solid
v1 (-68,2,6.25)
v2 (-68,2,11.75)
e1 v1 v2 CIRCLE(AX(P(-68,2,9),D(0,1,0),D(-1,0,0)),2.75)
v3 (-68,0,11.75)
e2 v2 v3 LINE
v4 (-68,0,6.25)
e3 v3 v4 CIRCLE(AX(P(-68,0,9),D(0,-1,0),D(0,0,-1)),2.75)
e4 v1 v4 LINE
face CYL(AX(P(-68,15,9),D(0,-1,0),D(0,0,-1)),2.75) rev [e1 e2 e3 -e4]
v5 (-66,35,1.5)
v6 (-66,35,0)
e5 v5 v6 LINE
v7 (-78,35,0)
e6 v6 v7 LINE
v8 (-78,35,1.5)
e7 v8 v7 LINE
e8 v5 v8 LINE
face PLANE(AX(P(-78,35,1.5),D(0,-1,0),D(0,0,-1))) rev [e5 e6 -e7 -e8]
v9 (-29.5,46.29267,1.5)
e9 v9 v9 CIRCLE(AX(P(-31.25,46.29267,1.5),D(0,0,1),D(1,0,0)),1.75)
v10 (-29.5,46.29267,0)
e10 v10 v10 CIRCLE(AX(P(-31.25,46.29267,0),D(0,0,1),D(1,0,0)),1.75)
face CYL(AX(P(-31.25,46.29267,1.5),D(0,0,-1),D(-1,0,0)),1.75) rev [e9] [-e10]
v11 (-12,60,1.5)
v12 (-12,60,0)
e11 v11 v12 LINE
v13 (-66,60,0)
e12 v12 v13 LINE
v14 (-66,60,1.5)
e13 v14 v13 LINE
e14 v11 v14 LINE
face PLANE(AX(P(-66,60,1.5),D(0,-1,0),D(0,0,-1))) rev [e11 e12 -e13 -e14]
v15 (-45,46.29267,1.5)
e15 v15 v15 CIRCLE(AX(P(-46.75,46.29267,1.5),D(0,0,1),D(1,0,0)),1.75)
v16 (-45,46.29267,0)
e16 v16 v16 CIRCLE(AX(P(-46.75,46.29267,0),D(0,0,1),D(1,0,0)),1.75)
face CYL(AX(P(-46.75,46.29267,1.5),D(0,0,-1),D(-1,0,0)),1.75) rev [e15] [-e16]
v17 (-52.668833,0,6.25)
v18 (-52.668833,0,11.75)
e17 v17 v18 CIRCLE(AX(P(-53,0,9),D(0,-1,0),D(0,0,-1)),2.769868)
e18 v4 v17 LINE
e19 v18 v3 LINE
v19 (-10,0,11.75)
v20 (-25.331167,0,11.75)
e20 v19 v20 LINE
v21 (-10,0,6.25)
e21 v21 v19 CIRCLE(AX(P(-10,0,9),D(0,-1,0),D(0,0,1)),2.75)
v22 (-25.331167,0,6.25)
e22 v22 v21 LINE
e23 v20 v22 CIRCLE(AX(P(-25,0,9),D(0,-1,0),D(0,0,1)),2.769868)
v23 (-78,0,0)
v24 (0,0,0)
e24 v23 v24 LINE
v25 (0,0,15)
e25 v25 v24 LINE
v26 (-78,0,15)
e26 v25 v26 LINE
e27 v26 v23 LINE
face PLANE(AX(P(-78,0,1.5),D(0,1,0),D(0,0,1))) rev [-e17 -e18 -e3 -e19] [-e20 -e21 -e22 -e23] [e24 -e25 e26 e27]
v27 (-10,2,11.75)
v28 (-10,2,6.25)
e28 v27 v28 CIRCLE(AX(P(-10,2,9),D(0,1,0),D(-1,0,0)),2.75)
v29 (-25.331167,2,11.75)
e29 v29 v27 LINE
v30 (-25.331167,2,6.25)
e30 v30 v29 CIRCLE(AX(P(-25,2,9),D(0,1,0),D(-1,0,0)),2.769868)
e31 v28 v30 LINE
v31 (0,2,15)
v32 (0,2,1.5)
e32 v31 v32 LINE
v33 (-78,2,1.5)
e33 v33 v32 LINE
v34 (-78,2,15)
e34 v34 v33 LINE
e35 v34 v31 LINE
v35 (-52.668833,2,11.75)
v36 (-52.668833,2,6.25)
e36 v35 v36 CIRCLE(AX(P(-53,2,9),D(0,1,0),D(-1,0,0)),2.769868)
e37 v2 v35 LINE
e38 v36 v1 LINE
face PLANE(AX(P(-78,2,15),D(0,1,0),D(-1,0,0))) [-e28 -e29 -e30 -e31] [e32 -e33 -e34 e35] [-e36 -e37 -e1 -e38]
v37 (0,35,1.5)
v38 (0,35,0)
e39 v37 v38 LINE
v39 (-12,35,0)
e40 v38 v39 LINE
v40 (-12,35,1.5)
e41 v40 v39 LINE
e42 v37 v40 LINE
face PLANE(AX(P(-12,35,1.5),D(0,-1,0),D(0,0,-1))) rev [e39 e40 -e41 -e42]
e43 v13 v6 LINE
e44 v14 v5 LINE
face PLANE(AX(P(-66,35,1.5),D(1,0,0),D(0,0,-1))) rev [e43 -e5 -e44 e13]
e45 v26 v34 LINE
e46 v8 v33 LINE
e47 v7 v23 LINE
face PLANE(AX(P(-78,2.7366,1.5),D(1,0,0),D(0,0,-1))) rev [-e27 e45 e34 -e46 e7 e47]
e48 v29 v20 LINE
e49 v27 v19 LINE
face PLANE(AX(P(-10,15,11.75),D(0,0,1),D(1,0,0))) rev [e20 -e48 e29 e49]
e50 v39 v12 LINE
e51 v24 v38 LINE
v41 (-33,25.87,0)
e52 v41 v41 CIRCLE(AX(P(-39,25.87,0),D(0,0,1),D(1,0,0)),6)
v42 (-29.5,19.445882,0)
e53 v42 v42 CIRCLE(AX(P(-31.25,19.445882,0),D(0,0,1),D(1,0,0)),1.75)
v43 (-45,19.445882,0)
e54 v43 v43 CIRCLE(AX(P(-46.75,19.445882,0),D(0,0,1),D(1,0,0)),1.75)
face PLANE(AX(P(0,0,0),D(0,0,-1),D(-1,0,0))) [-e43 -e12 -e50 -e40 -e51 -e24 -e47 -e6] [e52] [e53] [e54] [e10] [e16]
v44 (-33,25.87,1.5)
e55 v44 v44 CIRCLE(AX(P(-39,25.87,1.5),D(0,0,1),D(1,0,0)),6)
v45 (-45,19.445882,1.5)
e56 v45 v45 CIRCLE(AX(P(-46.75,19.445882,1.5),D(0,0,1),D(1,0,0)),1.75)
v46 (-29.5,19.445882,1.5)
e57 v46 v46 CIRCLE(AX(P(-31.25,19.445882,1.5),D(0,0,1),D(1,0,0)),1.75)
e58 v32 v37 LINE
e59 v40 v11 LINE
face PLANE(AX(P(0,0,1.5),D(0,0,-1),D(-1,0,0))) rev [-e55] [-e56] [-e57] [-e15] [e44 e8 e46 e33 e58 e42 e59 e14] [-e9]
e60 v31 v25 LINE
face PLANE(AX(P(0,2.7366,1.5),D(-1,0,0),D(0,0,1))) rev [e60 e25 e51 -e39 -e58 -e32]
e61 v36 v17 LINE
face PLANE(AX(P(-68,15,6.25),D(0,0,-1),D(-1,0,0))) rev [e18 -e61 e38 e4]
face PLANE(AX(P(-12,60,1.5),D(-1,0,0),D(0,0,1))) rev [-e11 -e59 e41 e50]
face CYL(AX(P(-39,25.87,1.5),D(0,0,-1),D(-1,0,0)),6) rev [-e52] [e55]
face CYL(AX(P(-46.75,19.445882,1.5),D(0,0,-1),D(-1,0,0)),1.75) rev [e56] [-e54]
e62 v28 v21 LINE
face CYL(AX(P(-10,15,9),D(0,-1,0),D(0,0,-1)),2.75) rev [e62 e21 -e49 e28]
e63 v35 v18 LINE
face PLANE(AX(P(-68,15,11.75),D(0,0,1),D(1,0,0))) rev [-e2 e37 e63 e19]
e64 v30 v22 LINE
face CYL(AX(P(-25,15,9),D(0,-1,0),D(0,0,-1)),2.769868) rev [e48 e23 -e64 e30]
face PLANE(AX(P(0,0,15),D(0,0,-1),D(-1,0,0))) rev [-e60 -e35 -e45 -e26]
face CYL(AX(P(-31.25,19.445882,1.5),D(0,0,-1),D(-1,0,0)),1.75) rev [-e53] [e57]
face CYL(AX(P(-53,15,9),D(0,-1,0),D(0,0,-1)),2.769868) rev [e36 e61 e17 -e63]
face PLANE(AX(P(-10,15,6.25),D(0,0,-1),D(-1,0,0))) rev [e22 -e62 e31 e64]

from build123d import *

# Parameters (mm, degrees)
SKETCH_1_R          = 6
SKETCH_1_R_2        = 1.75
EXTRUDE_1_DEPTH     = 1.5
SKETCH_2_W          = 78
SKETCH_2_H          = 2
EXTRUDE_2_DEPTH     = 15
CUT_EXTRUDE_1_DEPTH = 15


with BuildPart() as part:
    # 草图1 → 凸台-拉伸1 (new body)
    with BuildSketch(Plane.XY):
        Polygon((-78, 0), (0, 0), (0, 2), (0, 2.7366), (0, 35), (-12, 35), (-12, 60), (-66, 60), (-66, 35), (-78, 35), (-78, 2.7366), (-78, 2), align=None)
        with Locations((-39, 25.87)):
            Circle(SKETCH_1_R, mode=Mode.SUBTRACT)
        with Locations((-31.25, 19.445882155)):
            Circle(SKETCH_1_R_2, mode=Mode.SUBTRACT)
        with Locations((-46.75, 19.445882155)):
            Circle(SKETCH_1_R_2, mode=Mode.SUBTRACT)
        with Locations((-46.75, 46.292669673)):
            Circle(SKETCH_1_R_2, mode=Mode.SUBTRACT)
        with Locations((-31.25, 46.292669673)):
            Circle(SKETCH_1_R_2, mode=Mode.SUBTRACT)
    extrude(amount=EXTRUDE_1_DEPTH)

    # 草图2 → 凸台-拉伸2 (add)
    with BuildSketch(Plane(origin=(0, 0, 0), x_dir=(-1, 0, 0), z_dir=(0, 0, -1))):
        with Locations((39, 1)):
            Rectangle(SKETCH_2_W, SKETCH_2_H)
    extrude(amount=-EXTRUDE_2_DEPTH)

    # 草图3 → 切除-拉伸1 (cut)
    with BuildSketch(Plane.XZ):
        with BuildLine():
            Line((-68, 11.75), (-52.668833305, 11.75))
            ThreePointArc((-52.668833305, 11.75), (-50.230131523, 9), (-52.668833305, 6.25))
            Line((-52.668833305, 6.25), (-68, 6.25))
            ThreePointArc((-68, 6.25), (-70.75, 9), (-68, 11.75))
        make_face()
        with BuildLine():
            Line((-10, 6.25), (-25.331166695, 6.25))
            ThreePointArc((-25.331166695, 6.25), (-27.769868477, 9), (-25.331166695, 11.75))
            Line((-25.331166695, 11.75), (-10, 11.75))
            ThreePointArc((-10, 11.75), (-7.25, 9), (-10, 6.25))
        make_face()
    extrude(amount=-CUT_EXTRUDE_1_DEPTH, mode=Mode.SUBTRACT)


solid = part.part
